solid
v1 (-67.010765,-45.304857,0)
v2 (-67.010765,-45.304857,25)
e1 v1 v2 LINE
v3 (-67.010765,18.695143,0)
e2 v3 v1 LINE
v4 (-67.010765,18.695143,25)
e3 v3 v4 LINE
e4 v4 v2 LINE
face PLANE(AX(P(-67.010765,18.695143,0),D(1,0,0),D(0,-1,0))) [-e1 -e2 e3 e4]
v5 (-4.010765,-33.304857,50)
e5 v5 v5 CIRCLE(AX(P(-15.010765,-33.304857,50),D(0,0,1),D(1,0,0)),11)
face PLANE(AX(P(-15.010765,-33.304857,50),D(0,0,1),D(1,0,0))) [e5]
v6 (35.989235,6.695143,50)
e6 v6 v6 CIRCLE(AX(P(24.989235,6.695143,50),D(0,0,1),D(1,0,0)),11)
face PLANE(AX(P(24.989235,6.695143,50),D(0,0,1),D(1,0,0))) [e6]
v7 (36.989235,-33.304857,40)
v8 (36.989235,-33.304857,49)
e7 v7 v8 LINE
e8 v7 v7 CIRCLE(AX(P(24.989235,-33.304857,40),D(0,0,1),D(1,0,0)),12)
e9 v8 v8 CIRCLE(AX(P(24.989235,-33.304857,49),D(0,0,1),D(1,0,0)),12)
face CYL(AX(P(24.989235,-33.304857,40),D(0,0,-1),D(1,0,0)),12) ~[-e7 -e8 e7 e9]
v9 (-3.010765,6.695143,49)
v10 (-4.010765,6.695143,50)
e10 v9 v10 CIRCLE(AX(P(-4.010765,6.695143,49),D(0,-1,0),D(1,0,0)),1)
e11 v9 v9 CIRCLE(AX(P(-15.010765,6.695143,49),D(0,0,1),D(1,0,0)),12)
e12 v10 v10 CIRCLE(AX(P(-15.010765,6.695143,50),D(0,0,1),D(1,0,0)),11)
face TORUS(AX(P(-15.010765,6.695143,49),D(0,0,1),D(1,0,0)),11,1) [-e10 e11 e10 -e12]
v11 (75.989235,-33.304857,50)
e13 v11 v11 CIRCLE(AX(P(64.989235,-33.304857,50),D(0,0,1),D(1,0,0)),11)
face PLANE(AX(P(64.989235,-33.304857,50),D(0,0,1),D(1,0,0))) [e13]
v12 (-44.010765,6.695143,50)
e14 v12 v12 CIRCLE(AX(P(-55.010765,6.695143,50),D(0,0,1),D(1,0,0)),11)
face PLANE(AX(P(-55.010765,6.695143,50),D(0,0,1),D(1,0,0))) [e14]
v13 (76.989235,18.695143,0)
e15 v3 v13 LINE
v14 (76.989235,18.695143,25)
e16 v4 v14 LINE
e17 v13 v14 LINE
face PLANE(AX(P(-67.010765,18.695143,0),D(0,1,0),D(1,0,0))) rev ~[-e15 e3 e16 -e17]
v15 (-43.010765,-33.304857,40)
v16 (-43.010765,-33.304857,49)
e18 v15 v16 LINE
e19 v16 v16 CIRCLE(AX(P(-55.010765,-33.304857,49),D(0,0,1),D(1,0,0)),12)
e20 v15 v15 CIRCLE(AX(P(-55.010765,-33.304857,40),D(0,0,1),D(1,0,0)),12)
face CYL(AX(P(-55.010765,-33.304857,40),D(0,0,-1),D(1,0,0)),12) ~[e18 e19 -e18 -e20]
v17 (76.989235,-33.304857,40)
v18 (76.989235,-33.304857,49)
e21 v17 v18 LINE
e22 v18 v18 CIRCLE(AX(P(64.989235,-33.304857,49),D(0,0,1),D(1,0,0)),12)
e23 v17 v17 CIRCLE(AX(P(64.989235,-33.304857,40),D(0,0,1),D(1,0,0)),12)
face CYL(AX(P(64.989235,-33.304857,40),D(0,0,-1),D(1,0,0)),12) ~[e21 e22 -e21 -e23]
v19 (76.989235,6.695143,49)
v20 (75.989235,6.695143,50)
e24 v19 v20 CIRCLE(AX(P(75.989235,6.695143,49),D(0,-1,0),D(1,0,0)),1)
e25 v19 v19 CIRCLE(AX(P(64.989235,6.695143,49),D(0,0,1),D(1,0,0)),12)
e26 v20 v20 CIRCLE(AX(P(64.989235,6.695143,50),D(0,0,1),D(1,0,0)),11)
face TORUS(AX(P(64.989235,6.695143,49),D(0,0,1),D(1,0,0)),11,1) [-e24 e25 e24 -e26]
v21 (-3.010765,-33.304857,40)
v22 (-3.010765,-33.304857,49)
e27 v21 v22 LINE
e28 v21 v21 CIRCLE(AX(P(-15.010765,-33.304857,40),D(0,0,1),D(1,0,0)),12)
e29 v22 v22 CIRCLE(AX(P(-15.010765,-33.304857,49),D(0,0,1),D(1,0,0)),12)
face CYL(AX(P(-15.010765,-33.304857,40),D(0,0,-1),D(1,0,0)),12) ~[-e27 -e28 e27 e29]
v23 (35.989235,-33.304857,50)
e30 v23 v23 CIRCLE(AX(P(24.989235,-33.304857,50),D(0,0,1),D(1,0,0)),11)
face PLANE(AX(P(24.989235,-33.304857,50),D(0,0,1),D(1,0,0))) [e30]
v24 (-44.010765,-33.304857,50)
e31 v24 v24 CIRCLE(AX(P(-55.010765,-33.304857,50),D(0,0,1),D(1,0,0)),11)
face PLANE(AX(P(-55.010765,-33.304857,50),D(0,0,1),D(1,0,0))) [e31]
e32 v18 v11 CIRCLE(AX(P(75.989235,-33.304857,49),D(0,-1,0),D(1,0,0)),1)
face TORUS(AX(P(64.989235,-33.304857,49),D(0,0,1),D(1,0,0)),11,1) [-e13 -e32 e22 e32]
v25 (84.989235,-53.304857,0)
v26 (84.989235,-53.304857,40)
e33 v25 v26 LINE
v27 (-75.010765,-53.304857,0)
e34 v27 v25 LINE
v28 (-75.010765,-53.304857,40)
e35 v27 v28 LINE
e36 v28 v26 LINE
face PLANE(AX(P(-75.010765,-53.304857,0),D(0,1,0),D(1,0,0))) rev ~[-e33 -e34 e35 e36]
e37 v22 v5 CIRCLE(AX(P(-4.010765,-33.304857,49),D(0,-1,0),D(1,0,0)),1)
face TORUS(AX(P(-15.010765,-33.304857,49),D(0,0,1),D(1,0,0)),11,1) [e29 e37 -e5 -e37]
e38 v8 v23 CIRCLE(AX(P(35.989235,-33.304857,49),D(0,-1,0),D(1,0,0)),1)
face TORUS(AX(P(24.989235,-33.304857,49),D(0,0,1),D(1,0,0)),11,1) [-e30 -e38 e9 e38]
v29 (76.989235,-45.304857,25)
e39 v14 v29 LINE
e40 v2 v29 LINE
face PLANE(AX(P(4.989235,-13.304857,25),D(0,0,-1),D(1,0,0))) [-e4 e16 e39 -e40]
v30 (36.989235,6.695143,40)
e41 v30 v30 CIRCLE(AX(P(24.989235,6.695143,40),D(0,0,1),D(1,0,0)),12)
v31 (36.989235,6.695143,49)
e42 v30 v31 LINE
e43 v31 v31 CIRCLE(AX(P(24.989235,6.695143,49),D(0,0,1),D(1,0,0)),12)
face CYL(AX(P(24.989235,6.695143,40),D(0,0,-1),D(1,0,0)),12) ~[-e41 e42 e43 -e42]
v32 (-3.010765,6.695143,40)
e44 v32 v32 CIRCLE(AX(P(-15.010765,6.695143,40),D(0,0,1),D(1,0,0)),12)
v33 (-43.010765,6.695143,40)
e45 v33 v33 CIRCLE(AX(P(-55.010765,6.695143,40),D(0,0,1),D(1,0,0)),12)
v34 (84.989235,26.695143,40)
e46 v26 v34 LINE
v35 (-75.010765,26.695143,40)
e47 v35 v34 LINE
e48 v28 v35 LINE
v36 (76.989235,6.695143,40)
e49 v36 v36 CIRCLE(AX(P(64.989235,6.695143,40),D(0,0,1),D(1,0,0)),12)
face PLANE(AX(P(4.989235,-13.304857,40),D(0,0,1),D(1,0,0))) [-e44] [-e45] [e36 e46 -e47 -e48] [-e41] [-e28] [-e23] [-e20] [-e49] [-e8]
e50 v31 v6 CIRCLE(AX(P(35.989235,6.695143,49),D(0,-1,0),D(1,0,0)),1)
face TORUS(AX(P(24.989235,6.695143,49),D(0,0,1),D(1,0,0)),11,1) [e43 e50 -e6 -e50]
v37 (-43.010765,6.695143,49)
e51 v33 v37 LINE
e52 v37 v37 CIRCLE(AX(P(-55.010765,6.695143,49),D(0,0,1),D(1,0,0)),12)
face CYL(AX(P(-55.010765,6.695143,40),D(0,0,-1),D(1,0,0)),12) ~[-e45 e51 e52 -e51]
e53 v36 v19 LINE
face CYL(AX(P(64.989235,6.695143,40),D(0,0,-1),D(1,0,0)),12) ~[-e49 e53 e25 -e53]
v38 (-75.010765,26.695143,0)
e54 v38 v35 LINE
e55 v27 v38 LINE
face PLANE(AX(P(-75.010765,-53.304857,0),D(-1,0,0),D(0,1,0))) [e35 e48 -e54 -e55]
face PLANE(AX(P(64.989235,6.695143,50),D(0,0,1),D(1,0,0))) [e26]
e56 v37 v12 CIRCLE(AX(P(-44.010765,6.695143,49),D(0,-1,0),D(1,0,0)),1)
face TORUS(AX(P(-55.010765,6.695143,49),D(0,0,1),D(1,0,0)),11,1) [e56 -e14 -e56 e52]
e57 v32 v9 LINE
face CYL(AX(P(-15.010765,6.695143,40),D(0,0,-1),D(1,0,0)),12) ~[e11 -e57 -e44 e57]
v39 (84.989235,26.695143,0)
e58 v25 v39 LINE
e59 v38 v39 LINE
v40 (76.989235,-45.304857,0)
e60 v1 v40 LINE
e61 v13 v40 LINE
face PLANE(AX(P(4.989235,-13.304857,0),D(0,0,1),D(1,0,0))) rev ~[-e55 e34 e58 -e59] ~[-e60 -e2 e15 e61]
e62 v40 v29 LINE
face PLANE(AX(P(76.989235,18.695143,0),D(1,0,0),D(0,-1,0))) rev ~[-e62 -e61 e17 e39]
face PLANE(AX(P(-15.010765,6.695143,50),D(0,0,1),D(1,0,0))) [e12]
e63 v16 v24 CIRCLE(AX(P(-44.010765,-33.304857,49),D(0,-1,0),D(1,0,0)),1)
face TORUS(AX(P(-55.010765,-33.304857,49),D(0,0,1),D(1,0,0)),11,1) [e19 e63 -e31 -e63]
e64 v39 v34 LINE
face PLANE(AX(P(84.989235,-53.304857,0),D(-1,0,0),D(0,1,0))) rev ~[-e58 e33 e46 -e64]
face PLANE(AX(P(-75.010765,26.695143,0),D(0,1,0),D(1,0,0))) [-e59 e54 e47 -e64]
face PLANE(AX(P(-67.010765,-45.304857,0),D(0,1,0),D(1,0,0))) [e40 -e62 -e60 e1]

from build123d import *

# Parameters (mm, degrees)
F0_W     = 160
F0_H     = 80
F1_DEPTH = 40
F2_W     = 144
F2_H     = 64
F3_DEPTH = 25
F4_R     = 12
F5_DEPTH = 10
F6_R     = 1


with BuildPart() as f1:
    # F0 (on Top) → F1 (new body)
    with BuildSketch(Plane.XY):
        with Locations((4.989235, -13.304857)):
            Rectangle(F0_W, F0_H)
    extrude(amount=F1_DEPTH)

    # F2 (on face) → F3 (cut)
    with BuildSketch(Plane(origin=(0, 0, 0), x_dir=(1, 0, 0), z_dir=(0, 0, -1))):
        with Locations((4.989235, 13.304857)):
            Rectangle(F2_W, F2_H)
    extrude(amount=-F3_DEPTH, mode=Mode.SUBTRACT)

    # F4 (on face) → F5 (join)
    with BuildSketch(Plane.XY.offset(40)):
        with Locations((-55.010765, 6.695143)):
            Circle(F4_R)
        with Locations((-55.010765, -33.304857)):
            Circle(F4_R)
        with Locations((-15.010765, 6.695143)):
            Circle(F4_R)
        with Locations((-15.010765, -33.304857)):
            Circle(F4_R)
        with Locations((24.989235, 6.695143)):
            Circle(F4_R)
        with Locations((24.989235, -33.304857)):
            Circle(F4_R)
        with Locations((64.989235, 6.695143)):
            Circle(F4_R)
        with Locations((64.989235, -33.304857)):
            Circle(F4_R)
    extrude(amount=F5_DEPTH)

    # F6
    f6_edges = [f1.edges().sort_by_distance(p)[0] for p in [
        (-67.010765, 6.695143, 50),
        (-27.010765, 6.695143, 50),
        (12.989235, 6.695143, 50),
        (52.989235, 6.695143, 50),
        (-67.010765, -33.304857, 50),
        (-27.010765, -33.304857, 50),
        (12.989235, -33.304857, 50),
        (52.989235, -33.304857, 50),
    ]]
    fillet(f6_edges, radius=F6_R)


solid = f1.part
